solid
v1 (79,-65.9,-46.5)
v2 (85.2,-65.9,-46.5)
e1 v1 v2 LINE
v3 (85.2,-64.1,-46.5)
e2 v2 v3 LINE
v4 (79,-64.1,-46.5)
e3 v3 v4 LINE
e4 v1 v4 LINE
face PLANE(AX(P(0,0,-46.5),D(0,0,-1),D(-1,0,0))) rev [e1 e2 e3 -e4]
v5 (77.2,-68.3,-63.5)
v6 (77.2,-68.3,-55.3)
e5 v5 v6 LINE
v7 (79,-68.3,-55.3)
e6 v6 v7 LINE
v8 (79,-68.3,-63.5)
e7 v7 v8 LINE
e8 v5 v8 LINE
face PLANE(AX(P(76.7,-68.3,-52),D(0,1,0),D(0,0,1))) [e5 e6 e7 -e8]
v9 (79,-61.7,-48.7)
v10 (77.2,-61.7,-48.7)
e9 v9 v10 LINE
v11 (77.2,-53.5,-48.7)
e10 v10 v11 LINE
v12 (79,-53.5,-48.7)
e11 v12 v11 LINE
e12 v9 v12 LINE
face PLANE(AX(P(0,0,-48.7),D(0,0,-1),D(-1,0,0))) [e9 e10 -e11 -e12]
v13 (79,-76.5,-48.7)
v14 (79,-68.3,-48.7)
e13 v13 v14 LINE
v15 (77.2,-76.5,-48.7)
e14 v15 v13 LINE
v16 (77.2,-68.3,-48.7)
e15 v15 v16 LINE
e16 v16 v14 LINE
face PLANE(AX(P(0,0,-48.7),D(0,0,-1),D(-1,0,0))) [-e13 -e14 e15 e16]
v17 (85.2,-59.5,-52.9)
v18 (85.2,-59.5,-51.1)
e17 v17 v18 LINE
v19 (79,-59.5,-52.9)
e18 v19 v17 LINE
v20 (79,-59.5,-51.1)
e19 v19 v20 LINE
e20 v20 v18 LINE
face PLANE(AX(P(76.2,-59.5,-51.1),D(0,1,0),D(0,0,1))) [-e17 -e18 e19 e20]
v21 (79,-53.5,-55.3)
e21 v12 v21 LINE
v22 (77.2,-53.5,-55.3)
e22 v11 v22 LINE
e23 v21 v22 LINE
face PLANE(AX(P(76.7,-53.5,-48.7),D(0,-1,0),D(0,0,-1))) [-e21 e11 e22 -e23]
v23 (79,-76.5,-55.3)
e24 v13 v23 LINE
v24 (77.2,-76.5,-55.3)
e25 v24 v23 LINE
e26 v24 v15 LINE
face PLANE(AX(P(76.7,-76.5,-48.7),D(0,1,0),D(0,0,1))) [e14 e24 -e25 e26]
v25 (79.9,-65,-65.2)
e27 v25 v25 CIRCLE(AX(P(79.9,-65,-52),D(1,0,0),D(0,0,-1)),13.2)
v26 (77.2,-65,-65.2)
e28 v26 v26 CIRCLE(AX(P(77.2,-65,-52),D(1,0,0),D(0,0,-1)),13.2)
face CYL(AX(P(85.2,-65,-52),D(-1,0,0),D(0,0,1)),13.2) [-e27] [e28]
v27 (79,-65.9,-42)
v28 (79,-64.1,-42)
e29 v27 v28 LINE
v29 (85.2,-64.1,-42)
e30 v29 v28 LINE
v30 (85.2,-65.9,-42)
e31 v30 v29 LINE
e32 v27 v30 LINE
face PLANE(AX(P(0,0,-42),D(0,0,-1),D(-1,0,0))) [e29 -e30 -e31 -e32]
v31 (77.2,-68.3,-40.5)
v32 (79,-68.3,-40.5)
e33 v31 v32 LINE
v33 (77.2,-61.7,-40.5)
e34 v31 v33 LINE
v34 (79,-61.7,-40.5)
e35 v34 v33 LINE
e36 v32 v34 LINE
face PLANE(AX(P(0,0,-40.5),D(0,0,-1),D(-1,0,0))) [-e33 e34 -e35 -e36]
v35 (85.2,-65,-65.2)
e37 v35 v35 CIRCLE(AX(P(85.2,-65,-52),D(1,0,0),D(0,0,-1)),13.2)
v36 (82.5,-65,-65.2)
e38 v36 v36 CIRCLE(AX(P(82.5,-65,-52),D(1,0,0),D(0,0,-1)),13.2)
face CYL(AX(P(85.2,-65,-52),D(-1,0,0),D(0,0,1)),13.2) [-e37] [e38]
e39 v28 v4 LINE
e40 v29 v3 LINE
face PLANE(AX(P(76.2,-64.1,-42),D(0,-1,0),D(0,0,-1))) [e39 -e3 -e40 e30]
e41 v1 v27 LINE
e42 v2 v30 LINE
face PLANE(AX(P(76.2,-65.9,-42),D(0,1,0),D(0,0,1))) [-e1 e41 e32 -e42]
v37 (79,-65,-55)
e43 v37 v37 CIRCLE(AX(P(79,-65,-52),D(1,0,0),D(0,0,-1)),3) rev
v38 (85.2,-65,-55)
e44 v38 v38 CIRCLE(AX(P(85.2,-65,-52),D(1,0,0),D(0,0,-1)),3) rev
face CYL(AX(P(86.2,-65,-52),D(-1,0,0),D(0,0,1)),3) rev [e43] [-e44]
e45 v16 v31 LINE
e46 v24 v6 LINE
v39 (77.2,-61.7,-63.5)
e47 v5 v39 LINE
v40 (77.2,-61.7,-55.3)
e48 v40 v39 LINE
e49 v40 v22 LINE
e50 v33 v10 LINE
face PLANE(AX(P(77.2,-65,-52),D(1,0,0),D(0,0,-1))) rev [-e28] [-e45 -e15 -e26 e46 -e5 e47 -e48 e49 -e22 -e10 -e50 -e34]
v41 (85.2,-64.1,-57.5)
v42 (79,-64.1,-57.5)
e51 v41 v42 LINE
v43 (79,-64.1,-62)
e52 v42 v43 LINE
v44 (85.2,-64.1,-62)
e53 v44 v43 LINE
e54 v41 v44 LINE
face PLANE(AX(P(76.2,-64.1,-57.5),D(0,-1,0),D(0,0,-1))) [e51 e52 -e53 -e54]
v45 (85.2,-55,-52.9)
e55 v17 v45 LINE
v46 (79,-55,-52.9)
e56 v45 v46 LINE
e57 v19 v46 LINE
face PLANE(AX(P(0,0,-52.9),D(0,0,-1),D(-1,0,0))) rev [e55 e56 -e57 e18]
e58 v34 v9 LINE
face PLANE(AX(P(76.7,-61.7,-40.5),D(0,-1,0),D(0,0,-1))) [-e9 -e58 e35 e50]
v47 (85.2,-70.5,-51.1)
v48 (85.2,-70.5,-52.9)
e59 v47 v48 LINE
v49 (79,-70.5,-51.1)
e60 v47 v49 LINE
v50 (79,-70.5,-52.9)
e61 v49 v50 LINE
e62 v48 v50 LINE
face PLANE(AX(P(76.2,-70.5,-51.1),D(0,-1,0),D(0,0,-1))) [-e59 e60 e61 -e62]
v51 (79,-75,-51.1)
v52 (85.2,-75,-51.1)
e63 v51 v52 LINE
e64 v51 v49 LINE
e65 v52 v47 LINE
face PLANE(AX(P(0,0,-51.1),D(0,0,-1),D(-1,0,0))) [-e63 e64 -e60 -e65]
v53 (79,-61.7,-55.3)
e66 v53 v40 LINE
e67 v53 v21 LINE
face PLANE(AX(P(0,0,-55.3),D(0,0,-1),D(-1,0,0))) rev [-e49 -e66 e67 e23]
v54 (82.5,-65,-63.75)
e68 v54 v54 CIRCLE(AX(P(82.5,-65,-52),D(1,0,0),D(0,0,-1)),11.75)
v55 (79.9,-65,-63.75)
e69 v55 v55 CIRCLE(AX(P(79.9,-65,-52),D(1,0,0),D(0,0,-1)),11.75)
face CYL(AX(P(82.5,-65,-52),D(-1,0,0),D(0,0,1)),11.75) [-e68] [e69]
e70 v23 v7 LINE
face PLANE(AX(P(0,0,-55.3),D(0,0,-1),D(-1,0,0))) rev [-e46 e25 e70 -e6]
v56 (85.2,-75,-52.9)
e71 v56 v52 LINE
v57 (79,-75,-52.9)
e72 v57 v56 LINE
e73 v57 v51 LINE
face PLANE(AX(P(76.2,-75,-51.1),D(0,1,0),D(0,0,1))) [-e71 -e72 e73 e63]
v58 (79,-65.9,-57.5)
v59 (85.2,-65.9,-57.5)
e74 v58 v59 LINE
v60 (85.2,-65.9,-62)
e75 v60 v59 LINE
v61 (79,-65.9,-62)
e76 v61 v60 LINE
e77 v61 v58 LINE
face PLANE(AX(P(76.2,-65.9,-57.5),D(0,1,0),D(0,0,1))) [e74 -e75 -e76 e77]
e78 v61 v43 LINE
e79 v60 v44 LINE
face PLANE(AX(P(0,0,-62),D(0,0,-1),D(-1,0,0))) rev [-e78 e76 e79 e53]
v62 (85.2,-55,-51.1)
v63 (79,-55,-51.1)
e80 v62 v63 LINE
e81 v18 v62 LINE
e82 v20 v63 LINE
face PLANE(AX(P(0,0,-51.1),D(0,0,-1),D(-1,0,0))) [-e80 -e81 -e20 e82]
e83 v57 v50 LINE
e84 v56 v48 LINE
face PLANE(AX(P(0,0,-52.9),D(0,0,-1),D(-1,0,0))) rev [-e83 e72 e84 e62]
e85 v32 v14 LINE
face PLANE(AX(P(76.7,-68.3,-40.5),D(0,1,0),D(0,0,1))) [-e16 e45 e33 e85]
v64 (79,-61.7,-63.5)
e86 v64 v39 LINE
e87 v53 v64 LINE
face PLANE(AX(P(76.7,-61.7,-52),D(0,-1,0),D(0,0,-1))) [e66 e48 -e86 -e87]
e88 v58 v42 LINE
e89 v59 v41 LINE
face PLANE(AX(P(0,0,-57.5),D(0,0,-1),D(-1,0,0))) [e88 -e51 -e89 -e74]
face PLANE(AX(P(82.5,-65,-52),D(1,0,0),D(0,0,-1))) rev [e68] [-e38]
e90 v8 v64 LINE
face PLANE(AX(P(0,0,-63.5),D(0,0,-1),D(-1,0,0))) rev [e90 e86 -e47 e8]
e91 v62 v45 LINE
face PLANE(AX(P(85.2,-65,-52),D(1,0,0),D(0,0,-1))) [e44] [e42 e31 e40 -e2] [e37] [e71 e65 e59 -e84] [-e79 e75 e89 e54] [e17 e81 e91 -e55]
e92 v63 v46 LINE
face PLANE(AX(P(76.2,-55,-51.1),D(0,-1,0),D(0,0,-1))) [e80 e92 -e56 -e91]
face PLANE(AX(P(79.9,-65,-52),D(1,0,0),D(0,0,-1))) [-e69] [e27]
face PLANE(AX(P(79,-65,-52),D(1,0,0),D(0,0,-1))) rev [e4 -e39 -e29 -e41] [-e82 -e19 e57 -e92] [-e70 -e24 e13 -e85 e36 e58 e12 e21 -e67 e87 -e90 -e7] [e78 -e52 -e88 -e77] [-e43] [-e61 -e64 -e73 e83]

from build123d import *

# Parameters (mm, degrees)
BOSS_EXTRUDE1_START  = 77.2
SKETCH1_R            = 13.2
BOSS_EXTRUDE1_DEPTH  = 8
BOSS_EXTRUDE2_START  = 79.9
SKETCH2_R            = 20
BOSS_EXTRUDE2_DEPTH  = 2.6
BOSS_EXTRUDE3_START  = 79.9
SKETCH3_R            = 11.75
BOSS_EXTRUDE3_DEPTH  = 2.6
BOSS_EXTRUDE4_START  = 76.7
SKETCH4_R            = 4.6
BOSS_EXTRUDE4_DEPTH  = 2.3
BOSS_EXTRUDE5_START  = -55.3
SKETCH5_W            = 2.3
SKETCH5_H            = 11.5
BOSS_EXTRUDE5_DEPTH  = 6.6
BOSS_EXTRUDE6_START  = -52.9
SKETCH6_W            = 10
SKETCH6_H            = 4.5
BOSS_EXTRUDE6_DEPTH  = 1.8
BOSS_EXTRUDE7_START  = -55.3
SKETCH7_W            = 2.3
SKETCH7_H            = 11.5
BOSS_EXTRUDE7_DEPTH  = 6.6
BOSS_EXTRUDE8_START  = -52.9
SKETCH8_W            = 10
SKETCH8_H            = 4.5
BOSS_EXTRUDE8_DEPTH  = 1.8
BOSS_EXTRUDE9_START  = -52
SKETCH9_W            = 2.3
SKETCH9_H            = 6.6
BOSS_EXTRUDE9_DEPTH  = 11.5
BOSS_EXTRUDE10_START = -46.5
SKETCH10_W           = 10
SKETCH10_H           = 1.8
BOSS_EXTRUDE10_DEPTH = 4.5
BOSS_EXTRUDE11_START = -63.5
SKETCH11_W           = 2.3
SKETCH11_H           = 6.6
BOSS_EXTRUDE11_DEPTH = 11.5
BOSS_EXTRUDE12_START = -62
SKETCH12_W           = 10
SKETCH12_H           = 1.8
BOSS_EXTRUDE12_DEPTH = 4.5
BOSS_EXTRUDE13_START = 76.2
SKETCH13_R           = 3
BOSS_EXTRUDE13_DEPTH = 10


with BuildPart() as part:
    # Sketch1 → Boss-Extrude1 (new body)
    with BuildSketch(Plane(origin=(0, 0, 0), x_dir=(0, 0, -1), z_dir=(1, 0, 0)).offset(BOSS_EXTRUDE1_START)):
        with Locations((52, -65)):
            Circle(SKETCH1_R)
    extrude(amount=BOSS_EXTRUDE1_DEPTH)


with BuildPart() as body_2:
    # Sketch2 → Boss-Extrude2 (new body)
    with BuildSketch(Plane(origin=(0, 0, 0), x_dir=(0, 0, -1), z_dir=(1, 0, 0)).offset(BOSS_EXTRUDE2_START)):
        with Locations((52, -65)):
            Circle(SKETCH2_R)
    extrude(amount=BOSS_EXTRUDE2_DEPTH)


with BuildPart() as part_1:
    add(part.part)

    # Combine1: cut body 2
    add(body_2.part, mode=Mode.SUBTRACT)

    # Sketch3 → Boss-Extrude3 (add)
    with BuildSketch(Plane(origin=(0, 0, 0), x_dir=(0, 0, -1), z_dir=(1, 0, 0)).offset(BOSS_EXTRUDE3_START)):
        with Locations((52, -65)):
            Circle(SKETCH3_R)
    extrude(amount=BOSS_EXTRUDE3_DEPTH)


with BuildPart() as body_2_2:
    # Sketch4 → Boss-Extrude4 (new body)
    with BuildSketch(Plane(origin=(0, 0, 0), x_dir=(0, 0, -1), z_dir=(1, 0, 0)).offset(BOSS_EXTRUDE4_START)):
        with Locations((52, -65)):
            Circle(SKETCH4_R)
    extrude(amount=BOSS_EXTRUDE4_DEPTH)


with BuildPart() as part_2:
    add(part_1.part)

    # Combine2: cut body 2 2
    add(body_2_2.part, mode=Mode.SUBTRACT)


with BuildPart() as body_2_3:
    # Sketch5 → Boss-Extrude5 (new body)
    with BuildSketch(Plane.XY.offset(BOSS_EXTRUDE5_START)):
        with Locations((77.85, -59.25)):
            Rectangle(SKETCH5_W, SKETCH5_H)
    extrude(amount=BOSS_EXTRUDE5_DEPTH)


with BuildPart() as part_3:
    add(part_2.part)

    # Combine3: cut body 2 3
    add(body_2_3.part, mode=Mode.SUBTRACT)


with BuildPart() as body_2_4:
    # Sketch6 → Boss-Extrude6 (new body)
    with BuildSketch(Plane.XY.offset(BOSS_EXTRUDE6_START)):
        with Locations((81.2, -57.25)):
            Rectangle(SKETCH6_W, SKETCH6_H)
    extrude(amount=BOSS_EXTRUDE6_DEPTH)


with BuildPart() as part_4:
    add(part_3.part)

    # Combine4: cut body 2 4
    add(body_2_4.part, mode=Mode.SUBTRACT)


with BuildPart() as body_2_5:
    # Sketch7 → Boss-Extrude7 (new body)
    with BuildSketch(Plane.XY.offset(BOSS_EXTRUDE7_START)):
        with Locations((77.85, -70.75)):
            Rectangle(SKETCH7_W, SKETCH7_H)
    extrude(amount=BOSS_EXTRUDE7_DEPTH)


with BuildPart() as part_5:
    add(part_4.part)

    # Combine5: cut body 2 5
    add(body_2_5.part, mode=Mode.SUBTRACT)


with BuildPart() as body_2_6:
    # Sketch8 → Boss-Extrude8 (new body)
    with BuildSketch(Plane.XY.offset(BOSS_EXTRUDE8_START)):
        with Locations((81.2, -72.75)):
            Rectangle(SKETCH8_W, SKETCH8_H)
    extrude(amount=BOSS_EXTRUDE8_DEPTH)


with BuildPart() as part_6:
    add(part_5.part)

    # Combine6: cut body 2 6
    add(body_2_6.part, mode=Mode.SUBTRACT)


with BuildPart() as body_2_7:
    # Sketch9 → Boss-Extrude9 (new body)
    with BuildSketch(Plane.XY.offset(BOSS_EXTRUDE9_START)):
        with Locations((77.85, -65)):
            Rectangle(SKETCH9_W, SKETCH9_H)
    extrude(amount=BOSS_EXTRUDE9_DEPTH)


with BuildPart() as part_7:
    add(part_6.part)

    # Combine7: cut body 2 7
    add(body_2_7.part, mode=Mode.SUBTRACT)


with BuildPart() as body_2_8:
    # Sketch10 → Boss-Extrude10 (new body)
    with BuildSketch(Plane.XY.offset(BOSS_EXTRUDE10_START)):
        with Locations((81.2, -65)):
            Rectangle(SKETCH10_W, SKETCH10_H)
    extrude(amount=BOSS_EXTRUDE10_DEPTH)


with BuildPart() as part_8:
    add(part_7.part)

    # Combine8: cut body 2 8
    add(body_2_8.part, mode=Mode.SUBTRACT)


with BuildPart() as body_2_9:
    # Sketch11 → Boss-Extrude11 (new body)
    with BuildSketch(Plane.XY.offset(BOSS_EXTRUDE11_START)):
        with Locations((77.85, -65)):
            Rectangle(SKETCH11_W, SKETCH11_H)
    extrude(amount=BOSS_EXTRUDE11_DEPTH)


with BuildPart() as part_9:
    add(part_8.part)

    # Combine9: cut body 2 9
    add(body_2_9.part, mode=Mode.SUBTRACT)


with BuildPart() as body_2_10:
    # Sketch12 → Boss-Extrude12 (new body)
    with BuildSketch(Plane.XY.offset(BOSS_EXTRUDE12_START)):
        with Locations((81.2, -65)):
            Rectangle(SKETCH12_W, SKETCH12_H)
    extrude(amount=BOSS_EXTRUDE12_DEPTH)


with BuildPart() as part_10:
    add(part_9.part)

    # Combine10: cut body 2 10
    add(body_2_10.part, mode=Mode.SUBTRACT)


with BuildPart() as body_2_11:
    # Sketch13 → Boss-Extrude13 (new body)
    with BuildSketch(Plane(origin=(0, 0, 0), x_dir=(0, 0, -1), z_dir=(1, 0, 0)).offset(BOSS_EXTRUDE13_START)):
        with Locations((52, -65)):
            Circle(SKETCH13_R)
    extrude(amount=BOSS_EXTRUDE13_DEPTH)


with BuildPart() as part_11:
    add(part_10.part)

    # Combine11: cut body 2 11
    add(body_2_11.part, mode=Mode.SUBTRACT)


solid = part_11.part
